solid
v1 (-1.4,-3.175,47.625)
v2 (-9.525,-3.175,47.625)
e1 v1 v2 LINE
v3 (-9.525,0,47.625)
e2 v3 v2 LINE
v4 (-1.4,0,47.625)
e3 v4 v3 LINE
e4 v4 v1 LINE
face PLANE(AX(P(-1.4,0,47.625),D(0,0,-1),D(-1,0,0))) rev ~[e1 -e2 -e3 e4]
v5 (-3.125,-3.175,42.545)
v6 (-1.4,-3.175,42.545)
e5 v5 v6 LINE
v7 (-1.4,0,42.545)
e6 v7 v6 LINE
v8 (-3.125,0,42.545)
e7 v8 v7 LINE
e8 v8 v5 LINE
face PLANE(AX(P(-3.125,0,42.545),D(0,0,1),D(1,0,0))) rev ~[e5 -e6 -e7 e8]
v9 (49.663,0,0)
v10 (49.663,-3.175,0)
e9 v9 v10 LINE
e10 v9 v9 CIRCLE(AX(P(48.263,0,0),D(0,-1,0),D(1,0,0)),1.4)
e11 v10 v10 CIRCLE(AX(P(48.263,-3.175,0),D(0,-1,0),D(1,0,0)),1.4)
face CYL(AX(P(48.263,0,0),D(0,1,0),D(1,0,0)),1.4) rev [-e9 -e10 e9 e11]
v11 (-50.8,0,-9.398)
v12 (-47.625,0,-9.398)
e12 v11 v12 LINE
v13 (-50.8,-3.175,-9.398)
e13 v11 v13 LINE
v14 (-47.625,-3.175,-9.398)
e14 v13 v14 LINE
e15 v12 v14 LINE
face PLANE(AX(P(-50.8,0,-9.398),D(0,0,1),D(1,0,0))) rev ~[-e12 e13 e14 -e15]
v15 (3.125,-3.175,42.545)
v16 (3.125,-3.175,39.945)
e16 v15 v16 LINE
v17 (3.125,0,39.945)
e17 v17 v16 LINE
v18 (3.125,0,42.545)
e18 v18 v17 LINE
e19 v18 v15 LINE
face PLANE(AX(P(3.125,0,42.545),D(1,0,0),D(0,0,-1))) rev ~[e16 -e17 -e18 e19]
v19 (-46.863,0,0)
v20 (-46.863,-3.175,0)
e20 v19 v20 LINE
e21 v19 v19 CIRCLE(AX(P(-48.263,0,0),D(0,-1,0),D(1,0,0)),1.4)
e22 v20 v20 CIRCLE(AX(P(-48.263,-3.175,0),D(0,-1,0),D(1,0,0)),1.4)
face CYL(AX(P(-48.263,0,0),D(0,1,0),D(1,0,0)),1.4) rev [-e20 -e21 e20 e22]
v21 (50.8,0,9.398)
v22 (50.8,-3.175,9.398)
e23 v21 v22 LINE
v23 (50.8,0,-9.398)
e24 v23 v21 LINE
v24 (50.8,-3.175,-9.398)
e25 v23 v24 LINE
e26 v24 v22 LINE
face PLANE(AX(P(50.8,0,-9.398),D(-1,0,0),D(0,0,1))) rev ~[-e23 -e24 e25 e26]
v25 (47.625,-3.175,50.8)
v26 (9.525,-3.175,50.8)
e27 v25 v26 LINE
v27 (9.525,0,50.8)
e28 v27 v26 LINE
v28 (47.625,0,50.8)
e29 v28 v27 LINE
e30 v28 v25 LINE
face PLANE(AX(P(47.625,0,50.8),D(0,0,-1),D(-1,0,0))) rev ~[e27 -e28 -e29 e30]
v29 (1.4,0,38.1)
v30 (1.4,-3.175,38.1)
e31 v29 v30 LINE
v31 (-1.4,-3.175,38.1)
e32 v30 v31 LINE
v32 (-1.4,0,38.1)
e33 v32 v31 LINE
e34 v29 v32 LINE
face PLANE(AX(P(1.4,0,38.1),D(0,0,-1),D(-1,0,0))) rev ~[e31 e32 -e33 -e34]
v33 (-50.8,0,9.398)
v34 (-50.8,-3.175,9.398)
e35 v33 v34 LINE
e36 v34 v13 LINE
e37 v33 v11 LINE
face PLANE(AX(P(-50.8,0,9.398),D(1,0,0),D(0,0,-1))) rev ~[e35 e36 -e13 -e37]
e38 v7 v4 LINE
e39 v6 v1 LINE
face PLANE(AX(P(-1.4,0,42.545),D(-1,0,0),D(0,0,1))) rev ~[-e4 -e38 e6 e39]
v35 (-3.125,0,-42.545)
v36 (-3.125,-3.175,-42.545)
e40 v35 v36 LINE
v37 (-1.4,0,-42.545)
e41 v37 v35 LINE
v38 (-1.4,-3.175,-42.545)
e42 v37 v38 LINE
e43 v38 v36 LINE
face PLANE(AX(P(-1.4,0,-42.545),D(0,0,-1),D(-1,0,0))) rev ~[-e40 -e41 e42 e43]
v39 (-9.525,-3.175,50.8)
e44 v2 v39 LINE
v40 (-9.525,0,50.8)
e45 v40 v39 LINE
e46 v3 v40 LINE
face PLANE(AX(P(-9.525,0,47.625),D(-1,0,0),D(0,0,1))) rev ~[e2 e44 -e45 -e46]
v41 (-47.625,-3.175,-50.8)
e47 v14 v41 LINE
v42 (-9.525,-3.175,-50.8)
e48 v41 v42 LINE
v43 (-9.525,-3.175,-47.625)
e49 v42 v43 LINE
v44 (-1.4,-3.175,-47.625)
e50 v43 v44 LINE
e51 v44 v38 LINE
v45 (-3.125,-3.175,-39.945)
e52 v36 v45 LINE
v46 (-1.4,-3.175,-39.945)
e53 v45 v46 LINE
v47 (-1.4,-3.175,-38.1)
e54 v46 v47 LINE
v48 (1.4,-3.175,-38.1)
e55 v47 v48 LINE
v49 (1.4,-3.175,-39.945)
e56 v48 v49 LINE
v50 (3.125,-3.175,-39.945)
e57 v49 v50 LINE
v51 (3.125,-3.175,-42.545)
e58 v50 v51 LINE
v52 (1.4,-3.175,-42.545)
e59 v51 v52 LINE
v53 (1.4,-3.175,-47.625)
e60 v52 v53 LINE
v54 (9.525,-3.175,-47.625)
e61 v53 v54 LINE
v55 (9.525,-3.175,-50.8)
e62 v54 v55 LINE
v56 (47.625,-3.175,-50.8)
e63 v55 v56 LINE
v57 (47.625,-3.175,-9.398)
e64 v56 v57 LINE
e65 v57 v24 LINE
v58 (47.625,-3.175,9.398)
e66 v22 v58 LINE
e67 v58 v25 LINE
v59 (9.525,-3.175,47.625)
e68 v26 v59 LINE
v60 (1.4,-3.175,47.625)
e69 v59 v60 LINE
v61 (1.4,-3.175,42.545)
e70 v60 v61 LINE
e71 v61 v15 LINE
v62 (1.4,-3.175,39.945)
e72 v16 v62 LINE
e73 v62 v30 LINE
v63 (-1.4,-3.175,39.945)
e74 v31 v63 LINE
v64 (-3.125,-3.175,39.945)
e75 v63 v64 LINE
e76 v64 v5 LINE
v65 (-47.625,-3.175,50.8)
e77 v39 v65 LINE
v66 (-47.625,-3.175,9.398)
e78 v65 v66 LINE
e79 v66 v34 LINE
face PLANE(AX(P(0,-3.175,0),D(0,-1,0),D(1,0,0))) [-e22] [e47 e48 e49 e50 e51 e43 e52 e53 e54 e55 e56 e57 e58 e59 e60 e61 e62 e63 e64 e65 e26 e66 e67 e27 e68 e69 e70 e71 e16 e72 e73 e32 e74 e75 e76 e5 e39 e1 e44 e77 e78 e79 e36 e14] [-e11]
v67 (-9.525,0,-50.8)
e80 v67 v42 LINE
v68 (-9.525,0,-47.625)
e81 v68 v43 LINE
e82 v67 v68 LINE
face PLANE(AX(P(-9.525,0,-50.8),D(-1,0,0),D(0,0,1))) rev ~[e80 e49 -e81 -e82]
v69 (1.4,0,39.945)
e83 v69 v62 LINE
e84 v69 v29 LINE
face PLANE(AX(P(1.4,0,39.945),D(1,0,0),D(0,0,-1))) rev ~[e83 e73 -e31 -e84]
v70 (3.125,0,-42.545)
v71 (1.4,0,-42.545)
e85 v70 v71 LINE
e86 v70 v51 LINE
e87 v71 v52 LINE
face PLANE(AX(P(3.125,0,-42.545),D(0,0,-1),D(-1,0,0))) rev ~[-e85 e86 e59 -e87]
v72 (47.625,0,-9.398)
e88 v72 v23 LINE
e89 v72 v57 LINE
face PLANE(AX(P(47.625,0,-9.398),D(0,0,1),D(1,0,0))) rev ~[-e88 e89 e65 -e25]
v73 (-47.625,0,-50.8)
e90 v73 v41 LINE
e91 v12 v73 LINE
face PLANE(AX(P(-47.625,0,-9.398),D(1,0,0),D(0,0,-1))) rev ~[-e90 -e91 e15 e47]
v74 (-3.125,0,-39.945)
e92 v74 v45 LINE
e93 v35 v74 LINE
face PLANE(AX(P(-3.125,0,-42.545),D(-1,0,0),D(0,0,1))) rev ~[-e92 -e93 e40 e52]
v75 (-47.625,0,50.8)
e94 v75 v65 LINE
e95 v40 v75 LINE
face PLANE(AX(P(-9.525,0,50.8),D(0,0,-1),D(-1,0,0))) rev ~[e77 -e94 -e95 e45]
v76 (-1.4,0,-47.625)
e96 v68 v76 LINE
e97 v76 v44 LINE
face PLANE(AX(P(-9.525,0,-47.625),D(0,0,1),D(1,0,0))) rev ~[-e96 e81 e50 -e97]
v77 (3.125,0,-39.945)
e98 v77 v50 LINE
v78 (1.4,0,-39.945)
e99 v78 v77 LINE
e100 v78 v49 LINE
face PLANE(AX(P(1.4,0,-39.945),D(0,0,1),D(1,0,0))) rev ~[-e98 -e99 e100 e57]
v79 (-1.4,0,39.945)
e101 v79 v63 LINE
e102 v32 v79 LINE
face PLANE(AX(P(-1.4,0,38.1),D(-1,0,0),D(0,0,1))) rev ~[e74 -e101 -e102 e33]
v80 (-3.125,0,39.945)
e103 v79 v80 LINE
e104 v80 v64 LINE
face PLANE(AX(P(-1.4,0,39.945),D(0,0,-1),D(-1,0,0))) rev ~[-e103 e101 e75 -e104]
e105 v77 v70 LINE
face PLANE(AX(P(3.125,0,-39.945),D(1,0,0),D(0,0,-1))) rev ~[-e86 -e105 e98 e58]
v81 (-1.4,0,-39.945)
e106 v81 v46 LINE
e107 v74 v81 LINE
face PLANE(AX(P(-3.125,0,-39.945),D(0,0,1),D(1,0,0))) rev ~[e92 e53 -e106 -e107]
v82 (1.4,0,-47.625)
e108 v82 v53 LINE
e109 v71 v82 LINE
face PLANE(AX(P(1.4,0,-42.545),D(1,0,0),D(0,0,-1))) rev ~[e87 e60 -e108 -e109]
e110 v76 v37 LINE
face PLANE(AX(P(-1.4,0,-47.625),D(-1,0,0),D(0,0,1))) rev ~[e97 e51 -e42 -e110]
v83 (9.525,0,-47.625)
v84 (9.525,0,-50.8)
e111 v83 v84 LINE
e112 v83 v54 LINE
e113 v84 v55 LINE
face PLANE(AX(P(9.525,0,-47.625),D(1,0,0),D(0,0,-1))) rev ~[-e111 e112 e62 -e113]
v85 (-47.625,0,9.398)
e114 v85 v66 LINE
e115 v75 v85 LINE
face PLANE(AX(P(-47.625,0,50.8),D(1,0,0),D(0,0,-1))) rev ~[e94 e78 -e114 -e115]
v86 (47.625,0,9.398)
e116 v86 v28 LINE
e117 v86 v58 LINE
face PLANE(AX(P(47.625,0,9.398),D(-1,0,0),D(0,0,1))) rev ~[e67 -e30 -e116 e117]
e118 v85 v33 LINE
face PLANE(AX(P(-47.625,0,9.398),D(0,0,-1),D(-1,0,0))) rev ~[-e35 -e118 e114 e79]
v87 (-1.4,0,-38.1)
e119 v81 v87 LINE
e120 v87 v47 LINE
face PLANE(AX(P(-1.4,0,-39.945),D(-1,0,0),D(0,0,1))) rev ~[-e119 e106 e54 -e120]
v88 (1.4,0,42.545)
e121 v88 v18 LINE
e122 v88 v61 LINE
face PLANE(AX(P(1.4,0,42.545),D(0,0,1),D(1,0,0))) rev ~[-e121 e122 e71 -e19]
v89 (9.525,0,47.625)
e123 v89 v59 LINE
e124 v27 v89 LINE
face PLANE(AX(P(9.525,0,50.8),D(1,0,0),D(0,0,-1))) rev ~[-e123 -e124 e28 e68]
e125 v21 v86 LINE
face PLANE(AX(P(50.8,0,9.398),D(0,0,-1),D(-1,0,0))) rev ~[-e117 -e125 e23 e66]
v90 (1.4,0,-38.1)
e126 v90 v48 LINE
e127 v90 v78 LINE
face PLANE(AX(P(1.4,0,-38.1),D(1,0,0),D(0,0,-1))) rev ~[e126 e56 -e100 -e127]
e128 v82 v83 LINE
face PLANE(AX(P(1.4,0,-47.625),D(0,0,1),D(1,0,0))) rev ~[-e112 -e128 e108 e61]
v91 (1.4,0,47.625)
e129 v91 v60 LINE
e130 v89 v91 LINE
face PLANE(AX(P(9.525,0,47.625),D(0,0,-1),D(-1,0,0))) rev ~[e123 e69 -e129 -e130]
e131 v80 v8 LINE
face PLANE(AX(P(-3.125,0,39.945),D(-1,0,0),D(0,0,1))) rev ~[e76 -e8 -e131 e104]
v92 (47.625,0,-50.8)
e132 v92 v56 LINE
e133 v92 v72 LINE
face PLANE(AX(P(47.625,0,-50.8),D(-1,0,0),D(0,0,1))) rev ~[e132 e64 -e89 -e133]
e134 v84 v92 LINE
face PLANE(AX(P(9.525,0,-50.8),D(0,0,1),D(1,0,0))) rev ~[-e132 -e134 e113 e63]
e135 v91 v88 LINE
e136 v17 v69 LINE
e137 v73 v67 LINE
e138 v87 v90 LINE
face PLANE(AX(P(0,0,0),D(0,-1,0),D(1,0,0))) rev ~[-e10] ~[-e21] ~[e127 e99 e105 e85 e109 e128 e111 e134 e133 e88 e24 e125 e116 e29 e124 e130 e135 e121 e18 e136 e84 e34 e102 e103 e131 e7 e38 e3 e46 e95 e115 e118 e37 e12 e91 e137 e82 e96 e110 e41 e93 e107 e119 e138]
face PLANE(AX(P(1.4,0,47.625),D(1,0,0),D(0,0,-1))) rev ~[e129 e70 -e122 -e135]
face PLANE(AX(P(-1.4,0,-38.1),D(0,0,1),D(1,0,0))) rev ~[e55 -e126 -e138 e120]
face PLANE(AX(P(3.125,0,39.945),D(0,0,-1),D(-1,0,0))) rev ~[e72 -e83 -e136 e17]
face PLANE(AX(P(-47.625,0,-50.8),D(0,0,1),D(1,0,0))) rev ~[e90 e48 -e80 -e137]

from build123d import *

# Parameters (mm, degrees)
F0_R     = 1.4
F1_DEPTH = 3.175


with BuildPart() as f1:
    # F0 (on Front) → F1 (new body)
    with BuildSketch(Plane.XZ):
        Polygon((9.525, -50.8), (47.625, -50.8), (47.625, -9.398), (50.8, -9.398), (50.8, 9.398), (47.625, 9.398), (47.625, 50.8), (9.525, 50.8), (9.525, 47.625), (1.4, 47.625), (1.4, 42.545), (3.125, 42.545), (3.125, 39.945), (1.4, 39.945), (1.4, 38.1), (-1.4, 38.1), (-1.4, 39.945), (-3.125, 39.945), (-3.125, 42.545), (-1.4, 42.545), (-1.4, 47.625), (-9.525, 47.625), (-9.525, 50.8), (-47.625, 50.8), (-47.625, 9.398), (-50.8, 9.398), (-50.8, -9.398), (-47.625, -9.398), (-47.625, -50.8), (-9.525, -50.8), (-9.525, -47.625), (-1.4, -47.625), (-1.4, -42.545), (-3.125, -42.545), (-3.125, -39.945), (-1.4, -39.945), (-1.4, -38.1), (1.4, -38.1), (1.4, -39.945), (3.125, -39.945), (3.125, -42.545), (1.4, -42.545), (1.4, -47.625), (9.525, -47.625), align=None)
        with Locations((-48.263, 0)):
            Circle(F0_R, mode=Mode.SUBTRACT)
        with Locations((48.263, 0)):
            Circle(F0_R, mode=Mode.SUBTRACT)
    extrude(amount=F1_DEPTH)


solid = f1.part
